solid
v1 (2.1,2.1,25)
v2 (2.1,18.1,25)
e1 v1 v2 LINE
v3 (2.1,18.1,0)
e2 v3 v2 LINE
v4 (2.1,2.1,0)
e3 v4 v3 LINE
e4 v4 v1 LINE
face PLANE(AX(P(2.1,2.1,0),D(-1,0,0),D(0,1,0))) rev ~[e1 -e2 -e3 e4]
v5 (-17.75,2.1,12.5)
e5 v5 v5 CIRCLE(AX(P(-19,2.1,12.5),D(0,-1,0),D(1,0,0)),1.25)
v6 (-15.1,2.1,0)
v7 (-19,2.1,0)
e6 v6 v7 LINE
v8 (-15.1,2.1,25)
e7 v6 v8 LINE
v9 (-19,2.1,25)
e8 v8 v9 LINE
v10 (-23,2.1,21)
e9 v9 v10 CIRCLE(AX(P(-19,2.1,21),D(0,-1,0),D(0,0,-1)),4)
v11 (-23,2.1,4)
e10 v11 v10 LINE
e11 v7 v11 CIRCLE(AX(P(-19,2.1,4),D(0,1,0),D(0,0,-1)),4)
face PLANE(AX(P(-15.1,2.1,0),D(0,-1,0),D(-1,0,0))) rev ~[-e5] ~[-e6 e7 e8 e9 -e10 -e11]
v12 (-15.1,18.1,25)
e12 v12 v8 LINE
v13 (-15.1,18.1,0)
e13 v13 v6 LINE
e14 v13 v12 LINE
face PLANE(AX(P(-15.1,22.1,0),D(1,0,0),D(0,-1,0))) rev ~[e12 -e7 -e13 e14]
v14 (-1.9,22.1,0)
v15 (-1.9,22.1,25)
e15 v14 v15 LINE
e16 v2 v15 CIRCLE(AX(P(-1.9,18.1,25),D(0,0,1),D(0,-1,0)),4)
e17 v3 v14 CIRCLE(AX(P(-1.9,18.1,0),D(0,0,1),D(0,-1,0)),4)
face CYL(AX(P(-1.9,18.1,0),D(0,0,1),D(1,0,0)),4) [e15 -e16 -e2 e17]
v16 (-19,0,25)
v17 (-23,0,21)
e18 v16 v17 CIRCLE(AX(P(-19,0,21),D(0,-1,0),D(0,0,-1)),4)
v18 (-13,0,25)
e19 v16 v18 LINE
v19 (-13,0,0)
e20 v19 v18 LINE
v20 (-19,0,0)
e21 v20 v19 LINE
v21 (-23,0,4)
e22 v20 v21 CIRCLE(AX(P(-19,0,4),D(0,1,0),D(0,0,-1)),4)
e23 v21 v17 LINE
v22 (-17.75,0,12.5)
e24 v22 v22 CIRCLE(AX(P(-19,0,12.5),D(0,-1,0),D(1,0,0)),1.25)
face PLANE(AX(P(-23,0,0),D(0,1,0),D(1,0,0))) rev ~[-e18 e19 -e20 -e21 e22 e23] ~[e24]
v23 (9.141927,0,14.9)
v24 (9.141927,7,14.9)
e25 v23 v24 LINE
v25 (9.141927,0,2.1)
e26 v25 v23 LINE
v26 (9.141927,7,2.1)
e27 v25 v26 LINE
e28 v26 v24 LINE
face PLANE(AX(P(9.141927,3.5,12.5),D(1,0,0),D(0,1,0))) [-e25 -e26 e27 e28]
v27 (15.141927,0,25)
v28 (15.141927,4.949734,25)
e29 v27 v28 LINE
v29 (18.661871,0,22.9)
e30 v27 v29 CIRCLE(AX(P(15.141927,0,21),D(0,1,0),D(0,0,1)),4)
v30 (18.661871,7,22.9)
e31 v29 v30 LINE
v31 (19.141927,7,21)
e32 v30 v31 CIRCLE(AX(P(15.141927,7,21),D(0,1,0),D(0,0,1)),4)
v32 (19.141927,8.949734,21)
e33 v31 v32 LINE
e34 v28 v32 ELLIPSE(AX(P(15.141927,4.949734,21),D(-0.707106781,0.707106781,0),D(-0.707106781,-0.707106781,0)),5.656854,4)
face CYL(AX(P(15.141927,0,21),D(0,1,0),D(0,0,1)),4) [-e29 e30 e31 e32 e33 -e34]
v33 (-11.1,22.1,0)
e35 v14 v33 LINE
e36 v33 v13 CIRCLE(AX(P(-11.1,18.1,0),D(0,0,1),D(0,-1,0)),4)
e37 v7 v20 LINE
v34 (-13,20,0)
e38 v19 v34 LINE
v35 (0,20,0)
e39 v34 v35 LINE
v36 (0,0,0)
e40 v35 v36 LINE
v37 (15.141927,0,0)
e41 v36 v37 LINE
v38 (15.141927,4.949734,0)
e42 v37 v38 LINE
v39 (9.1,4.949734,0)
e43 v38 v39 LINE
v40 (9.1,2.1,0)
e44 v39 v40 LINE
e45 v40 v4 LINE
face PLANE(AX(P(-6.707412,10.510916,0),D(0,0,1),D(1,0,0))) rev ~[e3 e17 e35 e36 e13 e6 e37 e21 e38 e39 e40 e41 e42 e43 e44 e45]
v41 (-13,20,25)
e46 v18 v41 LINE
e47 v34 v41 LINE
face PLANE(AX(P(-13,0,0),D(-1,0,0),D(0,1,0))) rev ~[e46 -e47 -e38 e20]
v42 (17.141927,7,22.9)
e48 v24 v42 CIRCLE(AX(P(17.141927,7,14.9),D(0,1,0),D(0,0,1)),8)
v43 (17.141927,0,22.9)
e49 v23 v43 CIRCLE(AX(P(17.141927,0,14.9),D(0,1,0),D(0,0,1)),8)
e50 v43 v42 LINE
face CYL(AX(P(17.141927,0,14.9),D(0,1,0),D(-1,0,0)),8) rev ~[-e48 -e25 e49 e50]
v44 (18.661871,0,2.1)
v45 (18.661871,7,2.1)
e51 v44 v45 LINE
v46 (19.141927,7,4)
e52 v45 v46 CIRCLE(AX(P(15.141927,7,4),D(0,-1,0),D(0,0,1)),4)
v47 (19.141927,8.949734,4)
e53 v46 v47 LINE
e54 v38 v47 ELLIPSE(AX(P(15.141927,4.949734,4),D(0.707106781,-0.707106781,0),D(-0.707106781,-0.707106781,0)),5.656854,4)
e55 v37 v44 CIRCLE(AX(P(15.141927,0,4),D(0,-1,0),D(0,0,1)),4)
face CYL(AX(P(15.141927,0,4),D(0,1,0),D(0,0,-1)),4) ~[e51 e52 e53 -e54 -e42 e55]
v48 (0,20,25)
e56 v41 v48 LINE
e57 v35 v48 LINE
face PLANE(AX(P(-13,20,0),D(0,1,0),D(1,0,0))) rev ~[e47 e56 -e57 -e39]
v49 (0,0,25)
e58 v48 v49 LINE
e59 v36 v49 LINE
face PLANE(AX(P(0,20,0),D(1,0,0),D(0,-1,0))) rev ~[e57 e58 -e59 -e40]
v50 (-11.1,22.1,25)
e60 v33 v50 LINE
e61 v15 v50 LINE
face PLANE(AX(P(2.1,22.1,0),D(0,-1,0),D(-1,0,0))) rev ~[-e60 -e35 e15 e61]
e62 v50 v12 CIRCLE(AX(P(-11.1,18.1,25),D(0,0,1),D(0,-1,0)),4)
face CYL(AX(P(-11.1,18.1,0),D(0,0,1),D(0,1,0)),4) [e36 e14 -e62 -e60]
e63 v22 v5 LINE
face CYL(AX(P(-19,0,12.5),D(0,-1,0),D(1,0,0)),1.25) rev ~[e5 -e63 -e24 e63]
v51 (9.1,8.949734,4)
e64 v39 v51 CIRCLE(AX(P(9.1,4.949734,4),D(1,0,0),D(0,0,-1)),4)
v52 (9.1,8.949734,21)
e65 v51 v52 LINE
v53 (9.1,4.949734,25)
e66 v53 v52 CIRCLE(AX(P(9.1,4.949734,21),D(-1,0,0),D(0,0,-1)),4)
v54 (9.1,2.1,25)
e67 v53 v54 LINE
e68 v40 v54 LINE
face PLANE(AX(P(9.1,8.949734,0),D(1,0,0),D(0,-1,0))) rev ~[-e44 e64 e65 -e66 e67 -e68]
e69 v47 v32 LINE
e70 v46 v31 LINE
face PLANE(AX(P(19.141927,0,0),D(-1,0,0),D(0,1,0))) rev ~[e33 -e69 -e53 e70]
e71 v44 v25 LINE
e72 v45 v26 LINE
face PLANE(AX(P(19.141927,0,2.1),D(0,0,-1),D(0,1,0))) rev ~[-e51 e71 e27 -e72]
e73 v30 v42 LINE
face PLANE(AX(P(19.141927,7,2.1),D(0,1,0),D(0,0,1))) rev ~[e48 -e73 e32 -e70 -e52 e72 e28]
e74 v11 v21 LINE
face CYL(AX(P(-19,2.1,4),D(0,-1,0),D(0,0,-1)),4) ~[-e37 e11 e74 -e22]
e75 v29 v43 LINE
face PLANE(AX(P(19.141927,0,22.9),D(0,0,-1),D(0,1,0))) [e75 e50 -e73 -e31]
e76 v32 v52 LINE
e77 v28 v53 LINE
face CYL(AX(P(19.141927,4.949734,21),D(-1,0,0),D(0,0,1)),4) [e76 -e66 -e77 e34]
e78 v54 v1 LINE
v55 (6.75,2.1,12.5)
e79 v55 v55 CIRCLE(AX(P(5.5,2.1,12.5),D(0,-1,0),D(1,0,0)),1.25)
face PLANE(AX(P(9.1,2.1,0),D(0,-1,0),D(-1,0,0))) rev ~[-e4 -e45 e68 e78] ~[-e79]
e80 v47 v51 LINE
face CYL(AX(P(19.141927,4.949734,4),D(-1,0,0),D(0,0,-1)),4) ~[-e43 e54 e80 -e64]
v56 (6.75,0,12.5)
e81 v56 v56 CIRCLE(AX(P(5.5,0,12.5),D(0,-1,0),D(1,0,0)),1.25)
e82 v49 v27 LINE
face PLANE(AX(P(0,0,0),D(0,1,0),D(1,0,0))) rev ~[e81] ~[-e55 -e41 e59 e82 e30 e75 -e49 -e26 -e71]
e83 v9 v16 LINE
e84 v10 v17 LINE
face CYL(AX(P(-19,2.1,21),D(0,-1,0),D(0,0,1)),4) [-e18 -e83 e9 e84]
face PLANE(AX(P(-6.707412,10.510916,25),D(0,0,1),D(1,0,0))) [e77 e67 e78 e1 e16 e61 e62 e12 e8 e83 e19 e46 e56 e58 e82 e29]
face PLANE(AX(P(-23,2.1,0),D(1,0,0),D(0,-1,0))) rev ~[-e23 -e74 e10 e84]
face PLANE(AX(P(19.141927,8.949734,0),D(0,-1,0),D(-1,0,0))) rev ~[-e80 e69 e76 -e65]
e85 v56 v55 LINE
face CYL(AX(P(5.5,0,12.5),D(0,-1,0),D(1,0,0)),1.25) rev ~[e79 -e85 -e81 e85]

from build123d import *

# Parameters (mm, degrees)
F1_DEPTH = 25
F3_W     = 7
F3_H     = 20.8
F4_DEPTH = 10
F5_R     = 1.25
F6_DEPTH = 25
F7_R     = 4
F8_R     = 8


with BuildPart() as f1:
    # F0 (on Top) → F1 (new body)
    with BuildSketch(Plane.XY):
        Polygon((0, 20), (0, 0), (9.1, 0), (9.1, 2.1), (2.1, 2.1), (2.1, 22.1), (-15.1, 22.1), (-15.1, 2.1), (-23, 2.1), (-23, 0), (-13, 0), (-13, 20), align=None)
        Polygon((9.1, 2.1), (9.1, 0), (19.1419273615, 0), (19.1419273615, 8.9497342706), (9.1, 8.9497342706), align=None)
    extrude(amount=F1_DEPTH)

    # F3 (on offset) → F4 (cut)
    with BuildSketch(Plane.YZ.offset(19.1419273615)):
        with Locations((3.5, 12.5)):
            Rectangle(F3_W, F3_H)
    extrude(amount=-F4_DEPTH, mode=Mode.SUBTRACT)

    # F5 (on Front) → F6 (cut)
    with BuildSketch(Plane.XZ):
        with Locations((-19, 12.5)):
            Circle(F5_R)
        with Locations((5.5, 12.5)):
            Circle(F5_R)
    extrude(amount=-F6_DEPTH, mode=Mode.SUBTRACT)

    # F7
    f7_edges = [f1.edges().sort_by_distance(p)[0] for p in [
        (-15.1, 22.1, 12.5),
        (2.1, 22.1, 12.5),
        (14.120964, 8.949734, 25),
        (14.120964, 8.949734, 0),
        (-23, 1.05, 25),
        (-23, 1.05, 0),
        (19.141927, 4.474867, 25),
        (19.141927, 4.474867, 0),
    ]]
    fillet(f7_edges, radius=F7_R)

    # F8
    f8_edges = [f1.edges().sort_by_distance(p)[0] for p in [
        (9.141927, 3.5, 22.9),
    ]]
    fillet(f8_edges, radius=F8_R)


solid = f1.part
